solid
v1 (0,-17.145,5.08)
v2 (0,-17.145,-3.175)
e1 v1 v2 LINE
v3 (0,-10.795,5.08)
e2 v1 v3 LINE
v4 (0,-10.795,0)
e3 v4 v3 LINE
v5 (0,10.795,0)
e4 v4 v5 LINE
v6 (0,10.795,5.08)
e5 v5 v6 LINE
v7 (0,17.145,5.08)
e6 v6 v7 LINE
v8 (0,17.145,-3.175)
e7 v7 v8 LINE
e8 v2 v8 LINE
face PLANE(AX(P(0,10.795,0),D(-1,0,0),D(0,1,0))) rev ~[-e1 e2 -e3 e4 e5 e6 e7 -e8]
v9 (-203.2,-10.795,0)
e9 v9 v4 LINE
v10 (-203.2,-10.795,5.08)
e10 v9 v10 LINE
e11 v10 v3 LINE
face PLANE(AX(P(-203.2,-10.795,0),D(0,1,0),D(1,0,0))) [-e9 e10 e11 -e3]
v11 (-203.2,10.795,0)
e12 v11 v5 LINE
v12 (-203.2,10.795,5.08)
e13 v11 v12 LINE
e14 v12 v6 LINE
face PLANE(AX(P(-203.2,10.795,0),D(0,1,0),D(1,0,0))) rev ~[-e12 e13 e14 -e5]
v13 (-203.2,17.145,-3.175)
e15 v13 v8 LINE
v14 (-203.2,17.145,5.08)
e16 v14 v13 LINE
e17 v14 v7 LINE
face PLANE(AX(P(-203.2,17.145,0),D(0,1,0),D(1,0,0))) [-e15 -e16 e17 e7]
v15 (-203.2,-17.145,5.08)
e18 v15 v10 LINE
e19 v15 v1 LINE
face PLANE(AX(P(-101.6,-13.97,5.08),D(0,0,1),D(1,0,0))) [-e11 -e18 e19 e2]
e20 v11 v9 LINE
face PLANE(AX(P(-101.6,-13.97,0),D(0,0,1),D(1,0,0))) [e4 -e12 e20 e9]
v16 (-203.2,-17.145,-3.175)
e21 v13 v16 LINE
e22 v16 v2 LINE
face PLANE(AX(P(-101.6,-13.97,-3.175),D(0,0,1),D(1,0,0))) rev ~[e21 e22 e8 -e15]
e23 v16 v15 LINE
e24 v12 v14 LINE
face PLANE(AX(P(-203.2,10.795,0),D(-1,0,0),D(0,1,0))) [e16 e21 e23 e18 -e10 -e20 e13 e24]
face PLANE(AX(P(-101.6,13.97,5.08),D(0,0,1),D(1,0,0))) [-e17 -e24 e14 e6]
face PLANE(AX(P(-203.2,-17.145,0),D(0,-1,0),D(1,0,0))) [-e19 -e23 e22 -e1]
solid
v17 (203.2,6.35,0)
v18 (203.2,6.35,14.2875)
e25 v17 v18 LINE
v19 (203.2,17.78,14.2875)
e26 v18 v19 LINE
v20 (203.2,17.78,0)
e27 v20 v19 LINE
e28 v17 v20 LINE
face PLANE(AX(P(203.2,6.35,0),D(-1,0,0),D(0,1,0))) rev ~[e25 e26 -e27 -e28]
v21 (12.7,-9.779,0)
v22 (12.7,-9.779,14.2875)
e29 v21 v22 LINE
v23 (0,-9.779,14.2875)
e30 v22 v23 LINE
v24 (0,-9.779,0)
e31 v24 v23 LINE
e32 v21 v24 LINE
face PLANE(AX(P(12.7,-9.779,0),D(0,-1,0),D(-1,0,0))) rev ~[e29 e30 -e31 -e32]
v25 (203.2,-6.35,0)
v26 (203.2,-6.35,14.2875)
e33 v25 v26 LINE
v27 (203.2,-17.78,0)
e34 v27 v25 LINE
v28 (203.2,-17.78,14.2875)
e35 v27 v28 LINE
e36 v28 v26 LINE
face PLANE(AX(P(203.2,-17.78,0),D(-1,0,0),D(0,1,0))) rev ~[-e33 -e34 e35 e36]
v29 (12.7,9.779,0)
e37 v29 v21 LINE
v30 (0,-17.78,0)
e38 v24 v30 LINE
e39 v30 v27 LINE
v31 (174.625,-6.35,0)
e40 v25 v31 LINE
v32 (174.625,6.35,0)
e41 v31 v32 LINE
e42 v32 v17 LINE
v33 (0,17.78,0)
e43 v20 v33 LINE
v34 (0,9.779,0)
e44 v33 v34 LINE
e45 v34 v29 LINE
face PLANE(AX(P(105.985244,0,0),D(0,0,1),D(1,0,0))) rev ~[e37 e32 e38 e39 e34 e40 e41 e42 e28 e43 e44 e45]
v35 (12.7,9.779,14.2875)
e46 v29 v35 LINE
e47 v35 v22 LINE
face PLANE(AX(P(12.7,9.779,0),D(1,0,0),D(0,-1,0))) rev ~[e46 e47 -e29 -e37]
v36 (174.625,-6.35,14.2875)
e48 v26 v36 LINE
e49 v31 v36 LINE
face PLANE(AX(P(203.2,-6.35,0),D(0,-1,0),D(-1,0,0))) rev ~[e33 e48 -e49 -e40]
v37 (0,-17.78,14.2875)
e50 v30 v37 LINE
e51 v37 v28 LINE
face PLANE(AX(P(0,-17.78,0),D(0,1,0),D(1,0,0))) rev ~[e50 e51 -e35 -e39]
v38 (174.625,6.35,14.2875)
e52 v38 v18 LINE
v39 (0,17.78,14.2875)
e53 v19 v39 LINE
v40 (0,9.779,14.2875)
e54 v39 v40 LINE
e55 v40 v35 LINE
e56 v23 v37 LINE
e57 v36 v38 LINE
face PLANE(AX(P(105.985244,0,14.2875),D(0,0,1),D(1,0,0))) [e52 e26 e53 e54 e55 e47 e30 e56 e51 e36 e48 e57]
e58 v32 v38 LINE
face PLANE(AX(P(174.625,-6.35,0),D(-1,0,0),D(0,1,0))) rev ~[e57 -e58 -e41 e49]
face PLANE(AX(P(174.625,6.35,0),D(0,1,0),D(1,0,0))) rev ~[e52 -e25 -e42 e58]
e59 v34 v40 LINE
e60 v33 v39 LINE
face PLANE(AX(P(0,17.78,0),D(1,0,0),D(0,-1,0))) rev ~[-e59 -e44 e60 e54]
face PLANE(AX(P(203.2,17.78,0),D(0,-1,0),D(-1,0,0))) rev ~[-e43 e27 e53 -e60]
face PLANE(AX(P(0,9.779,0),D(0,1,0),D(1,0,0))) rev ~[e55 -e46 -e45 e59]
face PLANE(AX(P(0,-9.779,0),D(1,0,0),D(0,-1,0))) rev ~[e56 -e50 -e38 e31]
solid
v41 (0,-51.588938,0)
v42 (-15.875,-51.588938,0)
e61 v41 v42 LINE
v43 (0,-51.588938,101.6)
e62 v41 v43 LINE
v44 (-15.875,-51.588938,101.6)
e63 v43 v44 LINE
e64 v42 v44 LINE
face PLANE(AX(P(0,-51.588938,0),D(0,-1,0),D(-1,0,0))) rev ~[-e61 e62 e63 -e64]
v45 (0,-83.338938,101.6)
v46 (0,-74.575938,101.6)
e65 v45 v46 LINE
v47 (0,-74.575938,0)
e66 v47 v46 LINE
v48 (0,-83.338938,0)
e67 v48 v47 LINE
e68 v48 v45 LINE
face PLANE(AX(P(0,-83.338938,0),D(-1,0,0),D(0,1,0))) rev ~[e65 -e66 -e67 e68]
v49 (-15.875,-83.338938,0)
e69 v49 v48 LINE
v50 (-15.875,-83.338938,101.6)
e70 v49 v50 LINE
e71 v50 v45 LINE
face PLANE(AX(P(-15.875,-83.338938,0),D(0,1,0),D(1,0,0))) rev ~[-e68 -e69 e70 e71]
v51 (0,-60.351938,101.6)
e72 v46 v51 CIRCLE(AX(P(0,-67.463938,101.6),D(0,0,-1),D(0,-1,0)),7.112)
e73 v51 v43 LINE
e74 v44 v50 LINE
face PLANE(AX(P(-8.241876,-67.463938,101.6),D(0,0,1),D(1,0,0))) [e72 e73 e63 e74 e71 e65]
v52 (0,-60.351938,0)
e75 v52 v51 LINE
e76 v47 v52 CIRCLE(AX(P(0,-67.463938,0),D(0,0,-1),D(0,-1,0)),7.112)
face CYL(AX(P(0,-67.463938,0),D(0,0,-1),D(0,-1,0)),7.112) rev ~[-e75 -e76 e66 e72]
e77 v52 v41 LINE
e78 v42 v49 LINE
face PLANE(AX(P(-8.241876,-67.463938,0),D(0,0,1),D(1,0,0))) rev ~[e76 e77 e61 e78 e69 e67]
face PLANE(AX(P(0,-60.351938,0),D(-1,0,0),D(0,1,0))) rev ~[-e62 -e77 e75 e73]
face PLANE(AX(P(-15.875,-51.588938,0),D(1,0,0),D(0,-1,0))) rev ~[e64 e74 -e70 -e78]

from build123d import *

# Parameters (mm, degrees)
F0_W     = 203.2
F0_H     = 6.35
F1_DEPTH = 3.175
F2_DEPTH = 5.08
F3_DEPTH = 14.2875
F4_DEPTH = 101.6


with BuildPart() as f1:
    # F0 (on Top) → F1 (new body)
    with BuildSketch(Plane.XY):
        with Locations((-101.6, -13.97)):
            Rectangle(F0_W, F0_H)
        Polygon((0, 10.795), (-203.2, 10.795), (-203.2, -10.795), (0, -10.795), (0, -9.779), (0, 9.779), align=None)
        with Locations((-101.6, 13.97)):
            Rectangle(F0_W, F0_H)
    extrude(amount=-F1_DEPTH)

    # F0 (on Top) → F2 (join)
    with BuildSketch(Plane.XY):
        with Locations((-101.6, 13.97)):
            Rectangle(F0_W, F0_H)
        with Locations((-101.6, -13.97)):
            Rectangle(F0_W, F0_H)
    extrude(amount=F2_DEPTH)


with BuildPart() as f3:
    # F0 (on Top) → F3 (new body)
    with BuildSketch(Plane.XY):
        Polygon((0, 17.145), (0, 10.795), (0, 9.779), (12.7, 9.779), (12.7, -9.779), (0, -9.779), (0, -10.795), (0, -17.145), (0, -17.78), (203.2, -17.78), (203.2, -6.35), (174.625, -6.35), (174.625, 6.35), (203.2, 6.35), (203.2, 17.78), (0, 17.78), align=None)
    extrude(amount=F3_DEPTH)


with BuildPart() as f4:
    # F0 (on Top) → F4 (new body)
    with BuildSketch(Plane.XY):
        with BuildLine():
            Line((0, -51.588938), (-15.875, -51.588938))
            Line((-15.875, -51.588938), (-15.875, -83.338938))
            Line((-15.875, -83.338938), (0, -83.338938))
            Line((0, -83.338938), (0, -74.575938))
            ThreePointArc((0, -74.575938), (-7.112, -67.463938), (0, -60.351938))
            Line((0, -60.351938), (0, -51.588938))
        make_face()
    extrude(amount=F4_DEPTH)


solid = Compound([f1.part, f3.part, f4.part])
